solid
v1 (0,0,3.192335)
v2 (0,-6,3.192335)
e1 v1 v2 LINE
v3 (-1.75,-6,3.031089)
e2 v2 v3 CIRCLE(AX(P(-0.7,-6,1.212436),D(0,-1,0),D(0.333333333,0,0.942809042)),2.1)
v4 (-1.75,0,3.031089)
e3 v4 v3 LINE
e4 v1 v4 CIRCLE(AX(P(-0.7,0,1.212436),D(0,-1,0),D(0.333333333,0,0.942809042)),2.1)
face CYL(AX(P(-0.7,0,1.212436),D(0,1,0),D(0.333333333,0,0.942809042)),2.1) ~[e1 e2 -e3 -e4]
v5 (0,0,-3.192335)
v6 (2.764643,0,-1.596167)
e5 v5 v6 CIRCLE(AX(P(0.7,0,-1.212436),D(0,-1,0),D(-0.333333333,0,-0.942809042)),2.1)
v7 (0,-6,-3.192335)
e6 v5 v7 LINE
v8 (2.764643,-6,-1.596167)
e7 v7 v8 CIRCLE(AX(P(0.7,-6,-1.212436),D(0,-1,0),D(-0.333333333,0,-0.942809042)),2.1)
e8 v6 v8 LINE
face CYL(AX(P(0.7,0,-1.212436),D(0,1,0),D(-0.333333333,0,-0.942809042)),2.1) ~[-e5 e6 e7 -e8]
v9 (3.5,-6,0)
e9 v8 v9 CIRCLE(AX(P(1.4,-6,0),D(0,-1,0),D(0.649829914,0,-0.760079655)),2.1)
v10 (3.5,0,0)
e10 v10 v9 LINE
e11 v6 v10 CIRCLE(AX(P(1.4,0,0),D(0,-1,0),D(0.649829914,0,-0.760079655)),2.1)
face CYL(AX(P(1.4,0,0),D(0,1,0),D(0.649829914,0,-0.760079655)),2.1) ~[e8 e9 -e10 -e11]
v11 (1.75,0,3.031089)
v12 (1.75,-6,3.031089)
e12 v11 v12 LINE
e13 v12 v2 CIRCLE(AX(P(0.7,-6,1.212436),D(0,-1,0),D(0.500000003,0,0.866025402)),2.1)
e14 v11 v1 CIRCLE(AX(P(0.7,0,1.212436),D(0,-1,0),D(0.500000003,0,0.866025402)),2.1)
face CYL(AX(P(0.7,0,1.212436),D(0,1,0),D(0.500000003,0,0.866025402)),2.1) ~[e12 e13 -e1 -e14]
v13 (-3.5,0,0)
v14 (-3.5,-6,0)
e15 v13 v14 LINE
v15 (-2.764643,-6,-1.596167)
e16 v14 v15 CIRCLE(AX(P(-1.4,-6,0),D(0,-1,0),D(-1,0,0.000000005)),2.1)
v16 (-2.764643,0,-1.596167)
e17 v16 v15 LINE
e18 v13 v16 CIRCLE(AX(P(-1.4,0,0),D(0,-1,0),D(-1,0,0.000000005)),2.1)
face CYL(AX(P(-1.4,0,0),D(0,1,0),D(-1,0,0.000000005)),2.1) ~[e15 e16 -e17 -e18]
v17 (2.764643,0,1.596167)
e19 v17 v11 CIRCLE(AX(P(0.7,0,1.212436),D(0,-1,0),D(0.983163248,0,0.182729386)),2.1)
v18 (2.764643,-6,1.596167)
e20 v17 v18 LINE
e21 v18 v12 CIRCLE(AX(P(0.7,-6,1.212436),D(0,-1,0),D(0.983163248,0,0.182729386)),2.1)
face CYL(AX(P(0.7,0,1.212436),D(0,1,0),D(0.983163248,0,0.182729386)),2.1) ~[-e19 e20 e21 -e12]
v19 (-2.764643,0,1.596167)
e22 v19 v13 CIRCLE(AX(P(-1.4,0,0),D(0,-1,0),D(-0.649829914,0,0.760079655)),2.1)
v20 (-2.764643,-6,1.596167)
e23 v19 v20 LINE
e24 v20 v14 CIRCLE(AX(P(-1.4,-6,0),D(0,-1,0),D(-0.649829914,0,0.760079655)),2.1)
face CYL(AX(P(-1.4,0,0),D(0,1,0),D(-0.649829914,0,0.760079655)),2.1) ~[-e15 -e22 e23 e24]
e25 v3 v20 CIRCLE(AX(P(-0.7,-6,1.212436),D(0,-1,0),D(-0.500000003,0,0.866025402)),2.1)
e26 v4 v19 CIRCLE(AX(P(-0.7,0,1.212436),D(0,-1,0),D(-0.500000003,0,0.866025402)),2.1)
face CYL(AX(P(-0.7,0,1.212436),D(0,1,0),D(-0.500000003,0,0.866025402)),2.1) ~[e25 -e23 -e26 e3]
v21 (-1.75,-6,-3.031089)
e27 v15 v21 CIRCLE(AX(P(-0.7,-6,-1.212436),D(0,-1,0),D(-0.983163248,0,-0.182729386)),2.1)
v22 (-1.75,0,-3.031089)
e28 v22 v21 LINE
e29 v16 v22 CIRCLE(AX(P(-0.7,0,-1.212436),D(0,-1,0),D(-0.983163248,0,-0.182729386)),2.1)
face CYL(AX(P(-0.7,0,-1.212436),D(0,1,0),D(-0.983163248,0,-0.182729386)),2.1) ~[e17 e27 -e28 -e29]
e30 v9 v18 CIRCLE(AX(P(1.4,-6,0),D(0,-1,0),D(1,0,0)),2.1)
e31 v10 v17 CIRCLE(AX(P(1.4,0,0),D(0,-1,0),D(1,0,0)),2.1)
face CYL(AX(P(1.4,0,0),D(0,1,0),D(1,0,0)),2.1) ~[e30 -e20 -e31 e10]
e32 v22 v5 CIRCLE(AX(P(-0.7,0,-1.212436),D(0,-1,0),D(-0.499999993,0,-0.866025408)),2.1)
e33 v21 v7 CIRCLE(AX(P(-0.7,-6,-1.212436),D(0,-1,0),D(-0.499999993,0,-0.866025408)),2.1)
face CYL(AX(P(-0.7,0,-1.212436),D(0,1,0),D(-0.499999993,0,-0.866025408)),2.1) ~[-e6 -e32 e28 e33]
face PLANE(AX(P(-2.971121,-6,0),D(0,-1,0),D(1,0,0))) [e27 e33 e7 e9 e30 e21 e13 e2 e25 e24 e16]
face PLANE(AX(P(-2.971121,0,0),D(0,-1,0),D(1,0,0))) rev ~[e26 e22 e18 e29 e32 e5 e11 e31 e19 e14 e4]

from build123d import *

# Parameters (mm, degrees)
F1_DEPTH = 6


with BuildPart() as f1:
    # F0 (on Front) → F1 (new body)
    with BuildSketch(Plane.XZ):
        with BuildLine():
            ThreePointArc((-2.7646428199, 1.5961672763), (-3.3073214079, 0.8787064623), (-3.5, 9.8e-09))
            ThreePointArc((-3.5, 9.8e-09), (-3.307321412, -0.8787064534), (-2.7646428199, -1.5961672763))
            ThreePointArc((-2.7646428199, -1.5961672763), (-2.7512648489, -0.7626439252), (-2.4146428199, 0))
            ThreePointArc((-2.4146428199, 0), (-2.7512648489, 0.7626439252), (-2.7646428199, 1.5961672763))
        make_face()
        with BuildLine():
            ThreePointArc((-1.20732141, 2.0911420231), (-2.0361014377, 2.0013432891), (-2.7646428199, 1.5961672763))
            ThreePointArc((-2.7646428199, 1.5961672763), (-2.7512648489, 0.7626439252), (-2.4146428199, 0))
            ThreePointArc((-2.4146428199, 0), (-1.9480270803, 0.4764778152), (-1.3555441712, 0.7826237921))
            ThreePointArc((-1.3555441712, 0.7826237921), (-1.3866554325, 1.4488020312), (-1.20732141, 2.0911420231))
        make_face()
        with BuildLine():
            ThreePointArc((0, 3.1923345526), (-0.8926785936, 3.3035775881), (-1.7500000062, 3.0310889097))
            ThreePointArc((-1.7500000062, 3.0310889097), (-2.414642822, 2.4248711277), (-2.7646428199, 1.5961672763))
            ThreePointArc((-2.7646428199, 1.5961672763), (-2.0361014377, 2.0013432891), (-1.20732141, 2.0911420231))
            ThreePointArc((-1.20732141, 2.0911420231), (-0.7151634112, 2.7639872143), (0, 3.1923345526))
        make_face()
        with BuildLine():
            ThreePointArc((1.20732141, 2.0911420231), (0.7151634112, 2.7639872143), (0, 3.1923345526))
            ThreePointArc((0, 3.1923345526), (-0.7151634112, 2.7639872143), (-1.20732141, 2.0911420231))
            ThreePointArc((-1.20732141, 2.0911420231), (-0.5613716479, 1.9252798464), (0, 1.5652475842))
            ThreePointArc((0, 1.5652475842), (0.5613716479, 1.9252798464), (1.20732141, 2.0911420231))
        make_face()
        with BuildLine():
            ThreePointArc((2.7646428199, 1.5961672763), (2.414642822, 2.4248711277), (1.7500000062, 3.0310889097))
            ThreePointArc((1.7500000062, 3.0310889097), (0.8926785936, 3.3035775881), (0, 3.1923345526))
            ThreePointArc((0, 3.1923345526), (0.7151634112, 2.7639872143), (1.20732141, 2.0911420231))
            ThreePointArc((1.20732141, 2.0911420231), (2.0361014377, 2.0013432891), (2.7646428199, 1.5961672763))
        make_face()
        with BuildLine():
            ThreePointArc((2.8, 1.2124355653), (2.7911420231, 1.4051141553), (2.7646428199, 1.5961672763))
            ThreePointArc((2.7646428199, 1.5961672763), (2.0361014377, 2.0013432891), (1.20732141, 2.0911420231))
            ThreePointArc((1.20732141, 2.0911420231), (1.3512648489, 1.6622272054), (1.4, 1.2124355653))
            ThreePointArc((1.4, 1.2124355653), (1.3888564766, 0.9963832099), (1.3555441712, 0.7826237921))
            ThreePointArc((1.3555441712, 0.7826237921), (1.9480270803, 0.4764778152), (2.4146428199, 0))
            ThreePointArc((2.4146428199, 0), (2.7013432891, 0.5763341276), (2.8, 1.2124355653))
        make_face()
        with BuildLine():
            ThreePointArc((2.7646428199, -1.5961672763), (3.30732141, -0.8787064578), (3.5, 0))
            ThreePointArc((3.5, 0), (3.30732141, 0.8787064578), (2.7646428199, 1.5961672763))
            ThreePointArc((2.7646428199, 1.5961672763), (2.7911420231, 1.4051141553), (2.8, 1.2124355653))
            ThreePointArc((2.8, 1.2124355653), (2.7013432891, 0.5763341276), (2.4146428199, 0))
            ThreePointArc((2.4146428199, 0), (2.7013432891, -0.5763341276), (2.8, -1.2124355653))
            ThreePointArc((2.8, -1.2124355653), (2.7911420231, -1.4051141553), (2.7646428199, -1.5961672763))
        make_face()
        with BuildLine():
            ThreePointArc((0, -3.1923345526), (0.8926786009, -3.3035775874), (1.750000019, -3.0310889023))
            ThreePointArc((1.750000019, -3.0310889023), (2.4146428263, -2.4248711217), (2.7646428199, -1.5961672763))
            ThreePointArc((2.7646428199, -1.5961672763), (2.0361014377, -2.0013432891), (1.20732141, -2.0911420231))
            ThreePointArc((1.20732141, -2.0911420231), (0.7151634112, -2.7639872143), (0, -3.1923345526))
        make_face()
        with BuildLine():
            ThreePointArc((-1.3555441712, -0.7826237921), (-1.3866554325, -1.4488020312), (-1.20732141, -2.0911420231))
            ThreePointArc((-1.20732141, -2.0911420231), (-0.5613716479, -1.9252798464), (0, -1.5652475842))
            ThreePointArc((0, -1.5652475842), (-0.2889133805, -1.2480270803), (-0.50732141, -0.8787064578))
            ThreePointArc((-0.50732141, -0.8787064578), (-0.9363664659, -0.8742198672), (-1.3555441712, -0.7826237921))
        make_face()
        with BuildLine():
            ThreePointArc((-2.7646428199, -1.5961672763), (-2.4146428151, -2.4248711375), (-1.7499999855, -3.0310889216))
            ThreePointArc((-1.7499999855, -3.0310889216), (-0.8926785817, -3.3035775892), (0, -3.1923345526))
            ThreePointArc((0, -3.1923345526), (-0.7151634112, -2.7639872143), (-1.20732141, -2.0911420231))
            ThreePointArc((-1.20732141, -2.0911420231), (-2.0361014377, -2.0013432891), (-2.7646428199, -1.5961672763))
        make_face()
        with BuildLine():
            ThreePointArc((-2.4146428199, 0), (-2.7512648489, -0.7626439252), (-2.7646428199, -1.5961672763))
            ThreePointArc((-2.7646428199, -1.5961672763), (-2.0361014377, -2.0013432891), (-1.20732141, -2.0911420231))
            ThreePointArc((-1.20732141, -2.0911420231), (-1.3866554325, -1.4488020312), (-1.3555441712, -0.7826237921))
            ThreePointArc((-1.3555441712, -0.7826237921), (-1.9480270803, -0.4764778152), (-2.4146428199, 0))
        make_face()
        with BuildLine():
            ThreePointArc((-1.20732141, -2.0911420231), (-0.7151634112, -2.7639872143), (0, -3.1923345526))
            ThreePointArc((0, -3.1923345526), (0.7151634112, -2.7639872143), (1.20732141, -2.0911420231))
            ThreePointArc((1.20732141, -2.0911420231), (0.5613716479, -1.9252798464), (0, -1.5652475842))
            ThreePointArc((0, -1.5652475842), (-0.5613716479, -1.9252798464), (-1.20732141, -2.0911420231))
        make_face()
        with BuildLine():
            ThreePointArc((0, -1.5652475842), (0.5613716479, -1.9252798464), (1.20732141, -2.0911420231))
            ThreePointArc((1.20732141, -2.0911420231), (1.3512648489, -1.6622272054), (1.4, -1.2124355653))
            ThreePointArc((1.4, -1.2124355653), (1.3888564766, -0.9963832099), (1.3555441712, -0.7826237921))
            ThreePointArc((1.3555441712, -0.7826237921), (0.9363664659, -0.8742198672), (0.50732141, -0.8787064578))
            ThreePointArc((0.50732141, -0.8787064578), (0.2889133805, -1.2480270803), (0, -1.5652475842))
        make_face()
        with BuildLine():
            ThreePointArc((1.20732141, -2.0911420231), (2.0361014377, -2.0013432891), (2.7646428199, -1.5961672763))
            ThreePointArc((2.7646428199, -1.5961672763), (2.7911420231, -1.4051141553), (2.8, -1.2124355653))
            ThreePointArc((2.8, -1.2124355653), (2.7013432891, -0.5763341276), (2.4146428199, 0))
            ThreePointArc((2.4146428199, 0), (1.9480270803, -0.4764778152), (1.3555441712, -0.7826237921))
            ThreePointArc((1.3555441712, -0.7826237921), (1.3888564766, -0.9963832099), (1.4, -1.2124355653))
            ThreePointArc((1.4, -1.2124355653), (1.3512648489, -1.6622272054), (1.20732141, -2.0911420231))
        make_face()
        with BuildLine():
            ThreePointArc((1.3555441712, -0.7826237921), (1.9480270803, -0.4764778152), (2.4146428199, 0))
            ThreePointArc((2.4146428199, 0), (1.9480270803, 0.4764778152), (1.3555441712, 0.7826237921))
            ThreePointArc((1.3555441712, 0.7826237921), (1.2252798464, 0.3738072132), (1.0146428199, 0))
            ThreePointArc((1.0146428199, 0), (1.2252798464, -0.3738072132), (1.3555441712, -0.7826237921))
        make_face()
        with BuildLine():
            ThreePointArc((1.4, 1.2124355653), (1.3512648489, 1.6622272054), (1.20732141, 2.0911420231))
            ThreePointArc((1.20732141, 2.0911420231), (0.5613716479, 1.9252798464), (0, 1.5652475842))
            ThreePointArc((0, 1.5652475842), (0.2889133805, 1.2480270803), (0.50732141, 0.8787064578))
            ThreePointArc((0.50732141, 0.8787064578), (0.9363664659, 0.8742198672), (1.3555441712, 0.7826237921))
            ThreePointArc((1.3555441712, 0.7826237921), (1.3888564766, 0.9963832099), (1.4, 1.2124355653))
        make_face()
        with BuildLine():
            ThreePointArc((0, 1.5652475842), (-0.5613716479, 1.9252798464), (-1.20732141, 2.0911420231))
            ThreePointArc((-1.20732141, 2.0911420231), (-1.3866554325, 1.4488020312), (-1.3555441712, 0.7826237921))
            ThreePointArc((-1.3555441712, 0.7826237921), (-0.9363664659, 0.8742198672), (-0.50732141, 0.8787064578))
            ThreePointArc((-0.50732141, 0.8787064578), (-0.2889133805, 1.2480270803), (0, 1.5652475842))
        make_face()
        with BuildLine():
            ThreePointArc((-1.3555441712, 0.7826237921), (-1.9480270803, 0.4764778152), (-2.4146428199, 0))
            ThreePointArc((-2.4146428199, 0), (-1.9480270803, -0.4764778152), (-1.3555441712, -0.7826237921))
            ThreePointArc((-1.3555441712, -0.7826237921), (-1.2252798464, -0.3738072132), (-1.0146428199, 0))
            ThreePointArc((-1.0146428199, 0), (-1.2252798464, 0.3738072132), (-1.3555441712, 0.7826237921))
        make_face()
        with BuildLine():
            ThreePointArc((-1.0146428199, 0), (-1.2252798464, -0.3738072132), (-1.3555441712, -0.7826237921))
            ThreePointArc((-1.3555441712, -0.7826237921), (-0.9363664659, -0.8742198672), (-0.50732141, -0.8787064578))
            ThreePointArc((-0.50732141, -0.8787064578), (-0.6013432891, -0.6361014377), (-0.6646428199, -0.383731711))
            ThreePointArc((-0.6646428199, -0.383731711), (-0.851551649, -0.2027278459), (-1.0146428199, 0))
        make_face()
        with BuildLine():
            ThreePointArc((-0.50732141, -0.8787064578), (-0.2889133805, -1.2480270803), (0, -1.5652475842))
            ThreePointArc((0, -1.5652475842), (0.2889133805, -1.2480270803), (0.50732141, -0.8787064578))
            ThreePointArc((0.50732141, -0.8787064578), (0.2502083599, -0.8388292836), (0, -0.767463422))
            ThreePointArc((0, -0.767463422), (-0.2502083599, -0.8388292836), (-0.50732141, -0.8787064578))
        make_face()
        with BuildLine():
            ThreePointArc((0, 0.767463422), (-0.35, 0.6062177826), (-0.6646428199, 0.383731711))
            ThreePointArc((-0.6646428199, 0.383731711), (-0.7, 0), (-0.6646428199, -0.383731711))
            ThreePointArc((-0.6646428199, -0.383731711), (-0.35, -0.6062177826), (0, -0.767463422))
            ThreePointArc((0, -0.767463422), (0.35, -0.6062177826), (0.6646428199, -0.383731711))
            ThreePointArc((0.6646428199, -0.383731711), (0.6911420231, -0.19267859), (0.7, 0))
            ThreePointArc((0.7, 0), (0.6911420231, 0.19267859), (0.6646428199, 0.383731711))
            ThreePointArc((0.6646428199, 0.383731711), (0.35, 0.6062177826), (0, 0.767463422))
        make_face()
        with BuildLine():
            ThreePointArc((0.50732141, 0.8787064578), (0.2889133805, 1.2480270803), (0, 1.5652475842))
            ThreePointArc((0, 1.5652475842), (-0.2889133805, 1.2480270803), (-0.50732141, 0.8787064578))
            ThreePointArc((-0.50732141, 0.8787064578), (-0.2502083599, 0.8388292836), (0, 0.767463422))
            ThreePointArc((0, 0.767463422), (0.2502083599, 0.8388292836), (0.50732141, 0.8787064578))
        make_face()
        with BuildLine():
            ThreePointArc((-0.50732141, 0.8787064578), (-0.9363664659, 0.8742198672), (-1.3555441712, 0.7826237921))
            ThreePointArc((-1.3555441712, 0.7826237921), (-1.2252798464, 0.3738072132), (-1.0146428199, 0))
            ThreePointArc((-1.0146428199, 0), (-0.851551649, 0.2027278459), (-0.6646428199, 0.383731711))
            ThreePointArc((-0.6646428199, 0.383731711), (-0.6013432891, 0.6361014377), (-0.50732141, 0.8787064578))
        make_face()
        with BuildLine():
            ThreePointArc((-0.6646428199, 0.383731711), (-0.851551649, 0.2027278459), (-1.0146428199, 0))
            ThreePointArc((-1.0146428199, 0), (-0.851551649, -0.2027278459), (-0.6646428199, -0.383731711))
            ThreePointArc((-0.6646428199, -0.383731711), (-0.7, 0), (-0.6646428199, 0.383731711))
        make_face()
        with BuildLine():
            ThreePointArc((-0.6646428199, -0.383731711), (-0.6013432891, -0.6361014377), (-0.50732141, -0.8787064578))
            ThreePointArc((-0.50732141, -0.8787064578), (-0.2502083599, -0.8388292836), (0, -0.767463422))
            ThreePointArc((0, -0.767463422), (-0.35, -0.6062177826), (-0.6646428199, -0.383731711))
        make_face()
        with BuildLine():
            ThreePointArc((1.0146428199, 0), (0.851551649, 0.2027278459), (0.6646428199, 0.383731711))
            ThreePointArc((0.6646428199, 0.383731711), (0.6911420231, 0.19267859), (0.7, 0))
            ThreePointArc((0.7, 0), (0.6911420231, -0.19267859), (0.6646428199, -0.383731711))
            ThreePointArc((0.6646428199, -0.383731711), (0.851551649, -0.2027278459), (1.0146428199, 0))
        make_face()
        with BuildLine():
            ThreePointArc((1.3555441712, 0.7826237921), (0.9363664659, 0.8742198672), (0.50732141, 0.8787064578))
            ThreePointArc((0.50732141, 0.8787064578), (0.6013432891, 0.6361014377), (0.6646428199, 0.383731711))
            ThreePointArc((0.6646428199, 0.383731711), (0.851551649, 0.2027278459), (1.0146428199, 0))
            ThreePointArc((1.0146428199, 0), (1.2252798464, 0.3738072132), (1.3555441712, 0.7826237921))
        make_face()
        with BuildLine():
            ThreePointArc((0, 0.767463422), (-0.2502083599, 0.8388292836), (-0.50732141, 0.8787064578))
            ThreePointArc((-0.50732141, 0.8787064578), (-0.6013432891, 0.6361014377), (-0.6646428199, 0.383731711))
            ThreePointArc((-0.6646428199, 0.383731711), (-0.35, 0.6062177826), (0, 0.767463422))
        make_face()
        with BuildLine():
            ThreePointArc((0.6646428199, 0.383731711), (0.6013432891, 0.6361014377), (0.50732141, 0.8787064578))
            ThreePointArc((0.50732141, 0.8787064578), (0.2502083599, 0.8388292836), (0, 0.767463422))
            ThreePointArc((0, 0.767463422), (0.35, 0.6062177826), (0.6646428199, 0.383731711))
        make_face()
        with BuildLine():
            ThreePointArc((0.50732141, -0.8787064578), (0.9363664659, -0.8742198672), (1.3555441712, -0.7826237921))
            ThreePointArc((1.3555441712, -0.7826237921), (1.2252798464, -0.3738072132), (1.0146428199, 0))
            ThreePointArc((1.0146428199, 0), (0.851551649, -0.2027278459), (0.6646428199, -0.383731711))
            ThreePointArc((0.6646428199, -0.383731711), (0.6013432891, -0.6361014377), (0.50732141, -0.8787064578))
        make_face()
        with BuildLine():
            ThreePointArc((0, -0.767463422), (0.2502083599, -0.8388292836), (0.50732141, -0.8787064578))
            ThreePointArc((0.50732141, -0.8787064578), (0.6013432891, -0.6361014377), (0.6646428199, -0.383731711))
            ThreePointArc((0.6646428199, -0.383731711), (0.35, -0.6062177826), (0, -0.767463422))
        make_face()
    extrude(amount=F1_DEPTH)


solid = f1.part
